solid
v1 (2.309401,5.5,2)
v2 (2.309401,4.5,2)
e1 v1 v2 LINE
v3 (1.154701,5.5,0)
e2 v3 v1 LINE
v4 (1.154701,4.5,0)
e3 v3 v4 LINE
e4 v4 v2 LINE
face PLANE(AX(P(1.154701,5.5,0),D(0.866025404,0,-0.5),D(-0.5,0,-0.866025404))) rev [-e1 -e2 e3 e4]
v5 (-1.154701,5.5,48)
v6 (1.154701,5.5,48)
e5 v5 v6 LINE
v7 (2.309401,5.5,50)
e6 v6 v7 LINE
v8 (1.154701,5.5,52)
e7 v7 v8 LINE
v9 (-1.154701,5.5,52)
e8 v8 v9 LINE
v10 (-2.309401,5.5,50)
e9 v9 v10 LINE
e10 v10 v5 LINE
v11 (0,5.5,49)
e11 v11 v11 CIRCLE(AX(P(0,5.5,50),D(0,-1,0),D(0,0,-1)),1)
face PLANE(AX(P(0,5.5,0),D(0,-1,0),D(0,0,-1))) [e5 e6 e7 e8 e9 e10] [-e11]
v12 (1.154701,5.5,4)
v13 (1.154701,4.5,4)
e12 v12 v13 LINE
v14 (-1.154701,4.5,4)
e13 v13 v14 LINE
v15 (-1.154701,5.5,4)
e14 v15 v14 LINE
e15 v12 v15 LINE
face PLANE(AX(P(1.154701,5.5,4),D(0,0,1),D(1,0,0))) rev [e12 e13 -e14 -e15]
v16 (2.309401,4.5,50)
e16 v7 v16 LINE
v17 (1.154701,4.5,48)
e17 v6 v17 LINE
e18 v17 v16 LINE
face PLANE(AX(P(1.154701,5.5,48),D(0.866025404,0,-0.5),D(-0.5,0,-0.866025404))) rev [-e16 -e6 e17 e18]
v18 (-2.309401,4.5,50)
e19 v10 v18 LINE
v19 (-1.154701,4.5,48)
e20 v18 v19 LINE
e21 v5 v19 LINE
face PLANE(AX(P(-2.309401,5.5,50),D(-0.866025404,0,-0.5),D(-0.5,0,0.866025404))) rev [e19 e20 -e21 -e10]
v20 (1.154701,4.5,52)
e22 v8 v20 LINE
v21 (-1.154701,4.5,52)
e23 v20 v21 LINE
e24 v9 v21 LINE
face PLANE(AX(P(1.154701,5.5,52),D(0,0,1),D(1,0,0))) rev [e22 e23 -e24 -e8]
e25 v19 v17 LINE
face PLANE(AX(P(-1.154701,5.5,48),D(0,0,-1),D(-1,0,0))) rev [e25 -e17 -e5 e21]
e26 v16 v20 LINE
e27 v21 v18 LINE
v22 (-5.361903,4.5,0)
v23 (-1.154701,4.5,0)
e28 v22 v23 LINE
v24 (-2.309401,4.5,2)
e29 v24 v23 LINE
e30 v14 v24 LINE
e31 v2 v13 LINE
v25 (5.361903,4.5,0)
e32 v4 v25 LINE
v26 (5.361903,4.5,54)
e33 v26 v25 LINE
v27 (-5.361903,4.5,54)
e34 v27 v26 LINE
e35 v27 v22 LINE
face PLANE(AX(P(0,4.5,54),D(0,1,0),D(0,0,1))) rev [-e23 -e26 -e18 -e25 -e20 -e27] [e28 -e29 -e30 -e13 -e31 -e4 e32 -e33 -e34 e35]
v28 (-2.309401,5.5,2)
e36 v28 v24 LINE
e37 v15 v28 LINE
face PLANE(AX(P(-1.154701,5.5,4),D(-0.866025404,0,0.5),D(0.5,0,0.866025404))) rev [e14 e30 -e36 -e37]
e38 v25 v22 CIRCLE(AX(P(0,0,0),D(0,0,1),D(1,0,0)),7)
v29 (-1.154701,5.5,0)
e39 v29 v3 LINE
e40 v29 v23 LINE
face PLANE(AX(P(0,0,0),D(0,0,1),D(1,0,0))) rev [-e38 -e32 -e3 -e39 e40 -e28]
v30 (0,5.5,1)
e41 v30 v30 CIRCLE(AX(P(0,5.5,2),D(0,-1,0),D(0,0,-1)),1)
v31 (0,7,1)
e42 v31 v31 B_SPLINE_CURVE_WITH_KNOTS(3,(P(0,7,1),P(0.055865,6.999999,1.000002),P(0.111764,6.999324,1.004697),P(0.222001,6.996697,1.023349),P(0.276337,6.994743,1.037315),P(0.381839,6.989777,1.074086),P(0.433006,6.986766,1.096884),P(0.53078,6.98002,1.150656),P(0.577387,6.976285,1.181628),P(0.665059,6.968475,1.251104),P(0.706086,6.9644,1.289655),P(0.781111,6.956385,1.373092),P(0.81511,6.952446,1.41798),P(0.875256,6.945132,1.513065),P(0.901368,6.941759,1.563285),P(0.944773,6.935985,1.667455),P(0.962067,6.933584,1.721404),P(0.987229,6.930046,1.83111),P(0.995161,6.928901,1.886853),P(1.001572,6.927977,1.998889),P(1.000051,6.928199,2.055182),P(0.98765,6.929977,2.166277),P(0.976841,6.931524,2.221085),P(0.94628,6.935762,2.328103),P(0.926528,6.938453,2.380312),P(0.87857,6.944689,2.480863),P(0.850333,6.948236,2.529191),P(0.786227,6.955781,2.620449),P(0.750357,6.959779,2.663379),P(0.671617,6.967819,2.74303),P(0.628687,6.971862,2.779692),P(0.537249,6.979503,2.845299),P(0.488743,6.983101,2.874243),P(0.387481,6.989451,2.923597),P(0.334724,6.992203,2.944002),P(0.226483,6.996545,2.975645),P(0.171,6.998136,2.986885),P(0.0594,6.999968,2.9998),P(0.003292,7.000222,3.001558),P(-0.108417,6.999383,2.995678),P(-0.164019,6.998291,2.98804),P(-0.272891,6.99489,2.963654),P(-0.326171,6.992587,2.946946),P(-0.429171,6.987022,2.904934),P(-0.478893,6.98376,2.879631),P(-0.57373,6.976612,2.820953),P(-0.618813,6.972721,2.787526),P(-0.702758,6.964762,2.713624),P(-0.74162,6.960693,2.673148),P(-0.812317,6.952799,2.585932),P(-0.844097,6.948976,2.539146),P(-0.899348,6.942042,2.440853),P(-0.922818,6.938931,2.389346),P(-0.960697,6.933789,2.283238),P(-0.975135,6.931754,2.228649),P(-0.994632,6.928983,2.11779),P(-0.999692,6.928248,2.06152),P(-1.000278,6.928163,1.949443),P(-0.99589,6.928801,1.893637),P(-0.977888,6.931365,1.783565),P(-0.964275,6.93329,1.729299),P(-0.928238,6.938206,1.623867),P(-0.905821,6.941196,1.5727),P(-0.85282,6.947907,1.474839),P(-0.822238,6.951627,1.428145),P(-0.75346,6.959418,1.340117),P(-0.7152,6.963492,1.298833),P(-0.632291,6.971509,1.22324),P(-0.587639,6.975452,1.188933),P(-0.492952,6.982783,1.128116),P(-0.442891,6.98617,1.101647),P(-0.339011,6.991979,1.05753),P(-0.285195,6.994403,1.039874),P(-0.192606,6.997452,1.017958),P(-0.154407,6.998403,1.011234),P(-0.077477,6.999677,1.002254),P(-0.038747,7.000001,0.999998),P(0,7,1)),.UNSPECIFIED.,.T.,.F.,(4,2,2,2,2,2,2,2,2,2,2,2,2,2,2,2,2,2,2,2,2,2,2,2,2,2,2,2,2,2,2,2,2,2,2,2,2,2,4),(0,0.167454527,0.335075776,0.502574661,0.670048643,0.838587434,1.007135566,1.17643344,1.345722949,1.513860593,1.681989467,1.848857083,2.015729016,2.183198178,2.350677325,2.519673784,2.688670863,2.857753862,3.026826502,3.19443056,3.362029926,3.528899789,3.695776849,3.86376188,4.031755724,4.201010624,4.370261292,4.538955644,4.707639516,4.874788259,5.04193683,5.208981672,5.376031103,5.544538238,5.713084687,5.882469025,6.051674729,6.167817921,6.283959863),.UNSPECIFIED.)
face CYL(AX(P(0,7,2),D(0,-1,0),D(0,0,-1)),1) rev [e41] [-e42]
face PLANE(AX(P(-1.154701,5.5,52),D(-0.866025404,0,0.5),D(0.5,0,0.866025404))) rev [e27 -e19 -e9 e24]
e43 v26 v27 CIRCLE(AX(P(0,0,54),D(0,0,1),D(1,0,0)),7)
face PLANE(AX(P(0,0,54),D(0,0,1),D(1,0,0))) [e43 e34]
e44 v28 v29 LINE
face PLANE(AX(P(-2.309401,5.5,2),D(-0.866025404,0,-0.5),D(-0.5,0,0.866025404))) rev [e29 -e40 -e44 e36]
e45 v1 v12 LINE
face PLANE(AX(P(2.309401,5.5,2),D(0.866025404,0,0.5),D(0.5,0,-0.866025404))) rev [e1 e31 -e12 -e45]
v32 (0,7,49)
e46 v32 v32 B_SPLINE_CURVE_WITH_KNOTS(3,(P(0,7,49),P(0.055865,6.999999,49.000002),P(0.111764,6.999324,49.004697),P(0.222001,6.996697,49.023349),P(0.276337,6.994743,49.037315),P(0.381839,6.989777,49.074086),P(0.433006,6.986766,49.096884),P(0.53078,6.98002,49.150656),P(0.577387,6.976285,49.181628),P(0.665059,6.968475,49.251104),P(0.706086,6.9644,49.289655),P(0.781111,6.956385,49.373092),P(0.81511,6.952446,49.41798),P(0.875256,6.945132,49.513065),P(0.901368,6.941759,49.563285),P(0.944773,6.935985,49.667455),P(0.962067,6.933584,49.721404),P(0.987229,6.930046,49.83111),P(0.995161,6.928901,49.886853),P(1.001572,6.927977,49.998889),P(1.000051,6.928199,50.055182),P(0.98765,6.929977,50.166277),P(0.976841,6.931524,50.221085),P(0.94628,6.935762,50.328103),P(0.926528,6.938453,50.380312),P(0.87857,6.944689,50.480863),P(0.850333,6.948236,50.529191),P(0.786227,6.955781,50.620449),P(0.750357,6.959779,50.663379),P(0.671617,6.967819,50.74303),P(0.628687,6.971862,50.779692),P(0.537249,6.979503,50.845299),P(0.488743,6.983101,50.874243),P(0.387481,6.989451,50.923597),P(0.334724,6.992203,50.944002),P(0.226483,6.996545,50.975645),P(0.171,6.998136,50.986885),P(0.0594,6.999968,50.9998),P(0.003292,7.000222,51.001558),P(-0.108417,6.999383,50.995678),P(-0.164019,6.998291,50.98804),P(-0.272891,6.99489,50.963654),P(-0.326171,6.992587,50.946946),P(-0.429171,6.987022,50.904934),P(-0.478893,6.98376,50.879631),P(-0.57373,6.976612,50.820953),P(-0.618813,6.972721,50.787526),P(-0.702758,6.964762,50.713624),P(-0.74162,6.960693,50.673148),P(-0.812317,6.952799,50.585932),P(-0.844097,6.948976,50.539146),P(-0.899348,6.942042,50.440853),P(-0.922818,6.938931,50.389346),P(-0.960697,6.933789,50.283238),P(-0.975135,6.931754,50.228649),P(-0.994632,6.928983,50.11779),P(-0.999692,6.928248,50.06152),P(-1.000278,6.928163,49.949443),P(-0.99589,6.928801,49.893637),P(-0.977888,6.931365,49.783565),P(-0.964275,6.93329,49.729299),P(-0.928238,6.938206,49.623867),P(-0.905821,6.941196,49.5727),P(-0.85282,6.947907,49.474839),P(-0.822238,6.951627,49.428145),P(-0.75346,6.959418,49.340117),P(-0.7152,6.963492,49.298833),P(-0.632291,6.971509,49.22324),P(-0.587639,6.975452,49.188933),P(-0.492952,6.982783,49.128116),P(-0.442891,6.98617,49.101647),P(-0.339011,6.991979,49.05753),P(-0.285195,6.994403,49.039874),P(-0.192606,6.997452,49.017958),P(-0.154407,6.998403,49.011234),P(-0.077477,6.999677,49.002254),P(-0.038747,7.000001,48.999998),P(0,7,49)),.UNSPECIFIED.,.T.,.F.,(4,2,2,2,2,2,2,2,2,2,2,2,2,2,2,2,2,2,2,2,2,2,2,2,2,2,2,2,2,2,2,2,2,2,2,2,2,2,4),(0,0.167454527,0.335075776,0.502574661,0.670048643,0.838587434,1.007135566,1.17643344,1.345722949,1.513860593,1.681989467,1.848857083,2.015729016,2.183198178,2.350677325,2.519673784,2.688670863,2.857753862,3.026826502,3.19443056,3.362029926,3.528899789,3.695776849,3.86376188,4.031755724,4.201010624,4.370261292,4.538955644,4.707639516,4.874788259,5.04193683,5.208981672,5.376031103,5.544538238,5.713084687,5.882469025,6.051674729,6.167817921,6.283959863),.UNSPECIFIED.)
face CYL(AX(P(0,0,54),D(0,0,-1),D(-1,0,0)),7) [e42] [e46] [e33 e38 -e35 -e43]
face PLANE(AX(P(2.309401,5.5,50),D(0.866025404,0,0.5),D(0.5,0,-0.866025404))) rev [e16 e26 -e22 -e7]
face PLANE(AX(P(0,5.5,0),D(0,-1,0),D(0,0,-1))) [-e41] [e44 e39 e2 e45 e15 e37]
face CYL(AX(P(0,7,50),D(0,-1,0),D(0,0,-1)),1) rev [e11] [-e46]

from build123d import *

# Parameters (mm, degrees)
BOSS_EXTRUDE1_DEPTH = 54
CUT_EXTRUDE1_DEPTH  = 1
SKETCH3_R           = 1
CUT_EXTRUDE2_DEPTH  = 55.286278193


with BuildPart() as part:
    # Sketch1 → Boss-Extrude1 (new body)
    with BuildSketch(Plane.XY):
        with BuildLine():
            ThreePointArc((5.361902647, 4.5), (0, 7), (-5.361902647, 4.5))
            Line((-5.361902647, 4.5), (5.361902647, 4.5))
        make_face()
    extrude(amount=BOSS_EXTRUDE1_DEPTH)

    # Sketch2 → Cut-Extrude1 (cut)
    with BuildSketch(Plane.XZ.offset(-4.5)):
        Polygon((2.309401077, 50), (1.154700538, 52), (-1.154700538, 52), (-2.309401077, 50), (-1.154700538, 48), (1.154700538, 48), align=None)
        Polygon((2.309401077, 2), (1.154700538, 4), (-1.154700538, 4), (-2.309401077, 2), (-1.154700538, 0), (1.154700538, 0), align=None)
    extrude(amount=-CUT_EXTRUDE1_DEPTH, mode=Mode.SUBTRACT)

    # Sketch3 → Cut-Extrude2 (cut, through all)
    with BuildSketch(Plane.XZ.offset(-5.5)):
        with Locations(Location((0, 2, 0), (0, 0, 270))):
            Circle(SKETCH3_R)
        with Locations(Location((0, 50, 0), (0, 0, 270))):
            Circle(SKETCH3_R)
    extrude(amount=-CUT_EXTRUDE2_DEPTH, mode=Mode.SUBTRACT)


solid = part.part
